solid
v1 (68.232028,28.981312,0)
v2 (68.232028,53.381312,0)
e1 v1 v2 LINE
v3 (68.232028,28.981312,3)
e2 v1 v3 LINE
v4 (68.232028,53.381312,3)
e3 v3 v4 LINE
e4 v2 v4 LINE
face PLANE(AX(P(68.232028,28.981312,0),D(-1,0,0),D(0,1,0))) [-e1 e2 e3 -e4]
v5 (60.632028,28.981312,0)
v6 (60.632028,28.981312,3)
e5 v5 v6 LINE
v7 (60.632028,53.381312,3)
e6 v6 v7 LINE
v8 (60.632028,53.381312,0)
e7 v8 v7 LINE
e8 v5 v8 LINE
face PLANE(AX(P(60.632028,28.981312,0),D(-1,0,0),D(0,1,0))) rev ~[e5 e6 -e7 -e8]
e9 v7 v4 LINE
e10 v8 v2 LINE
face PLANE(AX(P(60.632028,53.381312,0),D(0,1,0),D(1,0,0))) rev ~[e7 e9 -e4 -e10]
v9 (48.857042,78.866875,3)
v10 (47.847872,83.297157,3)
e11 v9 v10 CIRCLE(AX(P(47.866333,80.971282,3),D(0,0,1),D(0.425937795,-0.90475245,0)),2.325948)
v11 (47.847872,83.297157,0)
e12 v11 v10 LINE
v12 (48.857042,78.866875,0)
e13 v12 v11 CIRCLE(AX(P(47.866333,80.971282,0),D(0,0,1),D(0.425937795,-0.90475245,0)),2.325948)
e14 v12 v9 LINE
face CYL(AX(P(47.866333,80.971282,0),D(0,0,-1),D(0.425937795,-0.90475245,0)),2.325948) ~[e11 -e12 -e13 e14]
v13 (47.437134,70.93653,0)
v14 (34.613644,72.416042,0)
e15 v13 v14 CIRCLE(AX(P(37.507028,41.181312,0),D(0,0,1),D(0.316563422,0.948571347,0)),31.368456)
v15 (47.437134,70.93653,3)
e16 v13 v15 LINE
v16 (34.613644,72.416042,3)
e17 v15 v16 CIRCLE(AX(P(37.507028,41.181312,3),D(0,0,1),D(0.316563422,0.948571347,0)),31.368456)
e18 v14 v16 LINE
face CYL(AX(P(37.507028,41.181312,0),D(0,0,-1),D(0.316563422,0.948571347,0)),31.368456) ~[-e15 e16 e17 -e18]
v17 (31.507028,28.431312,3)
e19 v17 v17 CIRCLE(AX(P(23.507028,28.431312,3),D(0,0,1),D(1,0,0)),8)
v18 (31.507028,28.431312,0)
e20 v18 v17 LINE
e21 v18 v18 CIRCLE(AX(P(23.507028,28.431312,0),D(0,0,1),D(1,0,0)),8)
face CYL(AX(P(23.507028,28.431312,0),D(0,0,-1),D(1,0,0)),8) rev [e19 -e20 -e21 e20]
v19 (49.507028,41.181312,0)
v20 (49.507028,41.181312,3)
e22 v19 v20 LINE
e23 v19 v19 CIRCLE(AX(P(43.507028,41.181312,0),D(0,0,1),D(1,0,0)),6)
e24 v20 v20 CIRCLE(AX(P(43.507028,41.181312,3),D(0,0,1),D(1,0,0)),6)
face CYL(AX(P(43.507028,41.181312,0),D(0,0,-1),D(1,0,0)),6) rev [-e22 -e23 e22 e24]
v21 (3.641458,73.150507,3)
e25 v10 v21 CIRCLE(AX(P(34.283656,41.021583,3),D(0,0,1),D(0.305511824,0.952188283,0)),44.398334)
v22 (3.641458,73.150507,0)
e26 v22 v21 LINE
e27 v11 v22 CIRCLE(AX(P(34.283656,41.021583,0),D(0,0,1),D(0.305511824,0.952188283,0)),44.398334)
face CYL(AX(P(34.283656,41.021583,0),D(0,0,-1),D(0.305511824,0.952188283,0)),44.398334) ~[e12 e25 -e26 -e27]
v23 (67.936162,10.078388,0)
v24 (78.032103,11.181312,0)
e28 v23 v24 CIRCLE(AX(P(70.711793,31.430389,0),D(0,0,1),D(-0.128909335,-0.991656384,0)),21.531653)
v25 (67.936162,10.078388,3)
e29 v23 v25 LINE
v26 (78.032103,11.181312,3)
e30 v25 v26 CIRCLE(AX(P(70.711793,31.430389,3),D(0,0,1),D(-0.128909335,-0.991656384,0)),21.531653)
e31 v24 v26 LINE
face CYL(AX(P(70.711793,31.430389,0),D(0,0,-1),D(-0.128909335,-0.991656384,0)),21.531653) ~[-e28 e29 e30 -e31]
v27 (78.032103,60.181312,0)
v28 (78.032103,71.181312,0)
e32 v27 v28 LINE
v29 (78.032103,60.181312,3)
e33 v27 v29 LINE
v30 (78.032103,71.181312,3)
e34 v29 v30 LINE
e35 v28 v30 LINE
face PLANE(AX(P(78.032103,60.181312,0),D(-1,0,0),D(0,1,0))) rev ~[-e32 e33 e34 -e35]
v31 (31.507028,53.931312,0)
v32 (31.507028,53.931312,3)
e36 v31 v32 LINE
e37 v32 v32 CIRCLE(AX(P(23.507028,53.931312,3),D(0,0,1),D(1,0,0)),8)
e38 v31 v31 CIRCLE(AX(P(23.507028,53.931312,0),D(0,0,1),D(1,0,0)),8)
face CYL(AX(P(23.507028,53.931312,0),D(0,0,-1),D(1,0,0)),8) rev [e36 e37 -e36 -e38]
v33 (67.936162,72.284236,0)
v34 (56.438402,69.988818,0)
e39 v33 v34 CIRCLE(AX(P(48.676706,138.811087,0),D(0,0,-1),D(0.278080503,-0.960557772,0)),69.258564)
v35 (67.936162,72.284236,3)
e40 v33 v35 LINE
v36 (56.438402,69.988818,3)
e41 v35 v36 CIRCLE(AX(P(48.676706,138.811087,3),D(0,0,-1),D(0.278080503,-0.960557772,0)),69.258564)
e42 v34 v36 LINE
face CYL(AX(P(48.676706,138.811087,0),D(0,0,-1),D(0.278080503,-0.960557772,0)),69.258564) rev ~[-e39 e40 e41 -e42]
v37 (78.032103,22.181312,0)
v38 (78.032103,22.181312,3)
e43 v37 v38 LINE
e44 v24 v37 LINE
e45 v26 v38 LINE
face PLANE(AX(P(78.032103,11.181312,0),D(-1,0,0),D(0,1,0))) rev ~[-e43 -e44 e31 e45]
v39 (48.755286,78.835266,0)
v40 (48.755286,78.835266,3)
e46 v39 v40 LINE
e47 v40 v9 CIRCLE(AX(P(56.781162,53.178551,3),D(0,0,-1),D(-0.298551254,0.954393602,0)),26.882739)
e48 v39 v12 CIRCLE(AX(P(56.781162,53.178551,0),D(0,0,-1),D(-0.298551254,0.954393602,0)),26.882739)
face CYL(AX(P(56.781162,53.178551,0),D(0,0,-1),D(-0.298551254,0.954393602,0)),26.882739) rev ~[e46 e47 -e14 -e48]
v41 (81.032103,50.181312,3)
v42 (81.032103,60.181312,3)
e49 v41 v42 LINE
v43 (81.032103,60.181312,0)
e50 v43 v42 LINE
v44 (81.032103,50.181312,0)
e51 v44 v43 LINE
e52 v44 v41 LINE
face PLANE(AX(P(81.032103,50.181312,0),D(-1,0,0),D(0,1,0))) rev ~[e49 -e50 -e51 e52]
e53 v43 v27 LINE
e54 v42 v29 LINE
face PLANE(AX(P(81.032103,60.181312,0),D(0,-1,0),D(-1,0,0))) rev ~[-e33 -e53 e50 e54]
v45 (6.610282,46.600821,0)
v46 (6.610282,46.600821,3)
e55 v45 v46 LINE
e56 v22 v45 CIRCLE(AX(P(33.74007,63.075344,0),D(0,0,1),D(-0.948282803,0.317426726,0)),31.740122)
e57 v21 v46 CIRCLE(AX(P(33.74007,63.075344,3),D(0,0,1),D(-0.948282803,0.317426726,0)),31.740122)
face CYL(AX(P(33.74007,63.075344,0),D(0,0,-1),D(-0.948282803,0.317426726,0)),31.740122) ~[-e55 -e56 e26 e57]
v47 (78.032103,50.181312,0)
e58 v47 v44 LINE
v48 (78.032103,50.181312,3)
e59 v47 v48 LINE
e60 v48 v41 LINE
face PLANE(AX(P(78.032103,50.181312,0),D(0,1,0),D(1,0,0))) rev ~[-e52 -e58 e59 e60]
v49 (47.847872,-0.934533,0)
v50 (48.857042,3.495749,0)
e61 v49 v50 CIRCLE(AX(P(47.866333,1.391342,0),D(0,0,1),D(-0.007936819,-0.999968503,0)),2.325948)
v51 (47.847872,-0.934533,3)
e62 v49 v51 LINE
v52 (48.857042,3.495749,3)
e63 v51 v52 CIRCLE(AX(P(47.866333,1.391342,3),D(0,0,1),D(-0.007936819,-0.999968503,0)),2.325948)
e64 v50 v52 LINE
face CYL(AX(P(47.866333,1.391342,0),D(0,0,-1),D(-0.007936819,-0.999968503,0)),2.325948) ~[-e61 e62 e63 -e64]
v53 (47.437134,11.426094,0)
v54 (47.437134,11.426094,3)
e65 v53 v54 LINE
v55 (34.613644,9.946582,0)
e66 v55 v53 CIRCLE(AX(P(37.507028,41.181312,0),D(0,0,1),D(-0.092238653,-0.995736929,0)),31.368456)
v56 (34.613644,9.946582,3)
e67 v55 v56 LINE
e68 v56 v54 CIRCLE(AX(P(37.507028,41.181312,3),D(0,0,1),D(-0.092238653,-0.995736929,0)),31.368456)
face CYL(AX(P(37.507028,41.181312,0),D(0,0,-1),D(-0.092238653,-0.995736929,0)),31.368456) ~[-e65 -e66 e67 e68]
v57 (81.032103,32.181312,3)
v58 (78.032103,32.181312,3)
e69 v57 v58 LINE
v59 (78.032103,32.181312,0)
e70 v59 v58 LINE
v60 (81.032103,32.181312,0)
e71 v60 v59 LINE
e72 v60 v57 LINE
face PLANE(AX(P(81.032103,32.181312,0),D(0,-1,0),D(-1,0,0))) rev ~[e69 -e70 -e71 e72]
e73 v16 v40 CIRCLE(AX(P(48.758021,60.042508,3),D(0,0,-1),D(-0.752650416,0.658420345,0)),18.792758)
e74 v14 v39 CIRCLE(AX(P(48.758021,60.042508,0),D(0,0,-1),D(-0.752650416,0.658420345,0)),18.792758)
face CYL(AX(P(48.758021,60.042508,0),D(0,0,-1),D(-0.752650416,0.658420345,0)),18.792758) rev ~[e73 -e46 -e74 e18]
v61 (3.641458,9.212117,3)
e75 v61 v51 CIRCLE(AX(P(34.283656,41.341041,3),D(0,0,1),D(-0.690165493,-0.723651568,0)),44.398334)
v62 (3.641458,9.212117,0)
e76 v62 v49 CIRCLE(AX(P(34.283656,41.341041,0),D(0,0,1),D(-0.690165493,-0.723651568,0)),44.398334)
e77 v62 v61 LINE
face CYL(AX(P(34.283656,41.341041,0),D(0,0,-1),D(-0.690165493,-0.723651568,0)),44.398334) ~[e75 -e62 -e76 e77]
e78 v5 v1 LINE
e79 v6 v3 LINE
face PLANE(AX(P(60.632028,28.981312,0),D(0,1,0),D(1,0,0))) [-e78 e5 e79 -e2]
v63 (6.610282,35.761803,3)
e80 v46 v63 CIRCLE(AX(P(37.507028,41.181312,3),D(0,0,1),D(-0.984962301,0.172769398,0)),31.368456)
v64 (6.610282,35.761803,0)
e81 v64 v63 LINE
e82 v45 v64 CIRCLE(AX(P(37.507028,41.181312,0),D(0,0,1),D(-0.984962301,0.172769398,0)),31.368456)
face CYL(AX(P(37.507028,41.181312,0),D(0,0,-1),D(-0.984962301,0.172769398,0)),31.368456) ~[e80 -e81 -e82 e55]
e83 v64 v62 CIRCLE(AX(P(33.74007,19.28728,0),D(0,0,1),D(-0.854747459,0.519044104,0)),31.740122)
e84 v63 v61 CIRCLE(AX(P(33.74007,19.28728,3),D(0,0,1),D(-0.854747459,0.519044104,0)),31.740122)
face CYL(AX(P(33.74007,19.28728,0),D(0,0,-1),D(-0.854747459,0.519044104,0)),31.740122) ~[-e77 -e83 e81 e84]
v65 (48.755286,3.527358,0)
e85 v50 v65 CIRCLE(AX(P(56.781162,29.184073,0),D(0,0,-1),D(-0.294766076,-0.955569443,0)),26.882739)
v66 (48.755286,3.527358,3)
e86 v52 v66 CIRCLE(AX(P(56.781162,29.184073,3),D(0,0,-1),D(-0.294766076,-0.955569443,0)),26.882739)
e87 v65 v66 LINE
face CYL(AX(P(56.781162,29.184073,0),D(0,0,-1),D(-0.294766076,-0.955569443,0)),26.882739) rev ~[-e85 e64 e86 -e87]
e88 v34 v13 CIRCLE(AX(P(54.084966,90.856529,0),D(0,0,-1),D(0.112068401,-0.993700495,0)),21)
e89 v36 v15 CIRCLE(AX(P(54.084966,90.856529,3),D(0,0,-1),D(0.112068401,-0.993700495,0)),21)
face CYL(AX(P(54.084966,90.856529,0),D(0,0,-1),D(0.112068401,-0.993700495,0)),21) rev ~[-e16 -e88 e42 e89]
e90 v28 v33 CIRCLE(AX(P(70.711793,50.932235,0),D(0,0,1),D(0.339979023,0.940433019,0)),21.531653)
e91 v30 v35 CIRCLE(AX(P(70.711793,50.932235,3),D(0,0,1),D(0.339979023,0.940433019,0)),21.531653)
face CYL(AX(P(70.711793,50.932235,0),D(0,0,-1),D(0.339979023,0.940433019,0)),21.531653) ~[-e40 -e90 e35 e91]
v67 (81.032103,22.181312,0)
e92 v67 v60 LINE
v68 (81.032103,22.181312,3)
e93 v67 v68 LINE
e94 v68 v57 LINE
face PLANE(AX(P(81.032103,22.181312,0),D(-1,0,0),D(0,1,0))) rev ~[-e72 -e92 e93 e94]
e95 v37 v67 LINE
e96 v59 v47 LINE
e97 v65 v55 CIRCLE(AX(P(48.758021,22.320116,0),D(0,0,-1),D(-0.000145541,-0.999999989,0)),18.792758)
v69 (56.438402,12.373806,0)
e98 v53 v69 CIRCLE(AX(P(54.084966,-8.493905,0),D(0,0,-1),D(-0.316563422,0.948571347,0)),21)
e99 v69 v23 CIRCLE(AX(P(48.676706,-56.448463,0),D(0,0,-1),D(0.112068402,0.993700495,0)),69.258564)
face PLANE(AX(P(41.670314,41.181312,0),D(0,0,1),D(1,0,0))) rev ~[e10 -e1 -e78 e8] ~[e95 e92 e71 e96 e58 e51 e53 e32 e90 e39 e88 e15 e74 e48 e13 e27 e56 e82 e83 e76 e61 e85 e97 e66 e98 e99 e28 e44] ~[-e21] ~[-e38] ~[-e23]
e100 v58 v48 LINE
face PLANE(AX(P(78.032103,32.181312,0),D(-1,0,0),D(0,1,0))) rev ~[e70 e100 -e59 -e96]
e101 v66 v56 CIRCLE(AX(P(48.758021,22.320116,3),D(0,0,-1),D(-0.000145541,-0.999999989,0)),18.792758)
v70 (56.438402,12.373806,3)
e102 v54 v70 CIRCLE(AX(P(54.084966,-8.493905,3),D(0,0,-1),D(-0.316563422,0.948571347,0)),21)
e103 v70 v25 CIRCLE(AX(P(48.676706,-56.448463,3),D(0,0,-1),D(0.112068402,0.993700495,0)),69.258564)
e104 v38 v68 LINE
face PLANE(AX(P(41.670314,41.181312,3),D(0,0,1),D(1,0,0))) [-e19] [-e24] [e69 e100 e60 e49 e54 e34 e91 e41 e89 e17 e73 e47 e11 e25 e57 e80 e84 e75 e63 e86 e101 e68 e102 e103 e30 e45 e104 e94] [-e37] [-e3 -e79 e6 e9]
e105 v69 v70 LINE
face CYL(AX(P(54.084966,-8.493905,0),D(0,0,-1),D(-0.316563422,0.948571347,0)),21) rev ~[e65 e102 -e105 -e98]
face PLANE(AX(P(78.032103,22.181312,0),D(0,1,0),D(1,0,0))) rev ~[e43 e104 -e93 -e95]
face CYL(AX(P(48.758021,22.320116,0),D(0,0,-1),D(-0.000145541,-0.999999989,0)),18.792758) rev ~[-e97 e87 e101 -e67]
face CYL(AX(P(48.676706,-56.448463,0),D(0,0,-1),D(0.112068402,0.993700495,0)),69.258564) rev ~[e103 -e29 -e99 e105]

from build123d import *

# Parameters (mm, degrees)
SKETCH2_R           = 8
SKETCH2_R_2         = 6
SKETCH2_W           = 7.6
SKETCH2_H           = 24.4
BOSS_EXTRUDE1_DEPTH = 3


with BuildPart() as part:
    # Sketch2 → Boss-Extrude1 (new body)
    with BuildSketch(Plane.XY):
        with BuildLine():
            Line((81.032103119, 50.181312), (81.032103119, 60.181312))
            Line((81.032103119, 60.181312), (78.032103119, 60.181312))
            Line((78.032103119, 60.181312), (78.032103119, 71.181312))
            ThreePointArc((78.032103119, 71.181312), (73.050090858, 72.33654353), (67.936161846, 72.284235691))
            ThreePointArc((67.936161846, 72.284235691), (62.235942644, 70.892785416), (56.438402104, 69.988818319))
            ThreePointArc((56.438402104, 69.988818319), (51.886102873, 69.971964975), (47.437133801, 70.93653043))
            ThreePointArc((47.437133801, 70.93653043), (41.102316828, 72.343050119), (34.613643935, 72.416041905))
            ThreePointArc((34.613643935, 72.416041905), (40.990344282, 77.154811793), (48.755286163, 78.83526559))
            ThreePointArc((48.755286163, 78.83526559), (48.80614848, 78.851120911), (48.85704212, 78.866875402))
            ThreePointArc((48.85704212, 78.866875402), (50.134187725, 81.487874692), (47.847872498, 83.297156554))
            ThreePointArc((47.847872498, 83.297156554), (24.351235249, 84.294658733), (3.641458375, 73.150507154))
            ThreePointArc((3.641458375, 73.150507154), (2.19654611, 59.548103084), (6.61028157, 46.600821237))
            ThreePointArc((6.61028157, 46.600821237), (6.138572184, 41.181312), (6.61028157, 35.761802763))
            ThreePointArc((6.61028157, 35.761802763), (2.19654611, 22.814520916), (3.641458375, 9.212116846))
            ThreePointArc((3.641458375, 9.212116846), (24.351235249, -1.932034733), (47.847872498, -0.934532554))
            ThreePointArc((47.847872498, -0.934532554), (50.134187725, 0.874749308), (48.85704212, 3.495748598))
            ThreePointArc((48.85704212, 3.495748598), (48.80614848, 3.511503089), (48.755286163, 3.52735841))
            ThreePointArc((48.755286163, 3.52735841), (40.990344282, 5.207812207), (34.613643935, 9.946582095))
            ThreePointArc((34.613643935, 9.946582095), (41.102316828, 10.019573881), (47.437133801, 11.42609357))
            ThreePointArc((47.437133801, 11.42609357), (51.886102873, 12.390659025), (56.438402104, 12.373805681))
            ThreePointArc((56.438402104, 12.373805681), (62.235942644, 11.469838584), (67.936161846, 10.078388309))
            ThreePointArc((67.936161846, 10.078388309), (73.050090858, 10.02608047), (78.032103119, 11.181312))
            Line((78.032103119, 11.181312), (78.032103119, 22.181312))
            Line((78.032103119, 22.181312), (81.032103119, 22.181312))
            Line((81.032103119, 22.181312), (81.032103119, 32.181312))
            Line((81.032103119, 32.181312), (78.032103119, 32.181312))
            Line((78.032103119, 32.181312), (78.032103119, 50.181312))
            Line((78.032103119, 50.181312), (81.032103119, 50.181312))
        make_face()
        with Locations((23.507028058, 53.931312)):
            Circle(SKETCH2_R, mode=Mode.SUBTRACT)
        with Locations((43.507028058, 41.181312)):
            Circle(SKETCH2_R_2, mode=Mode.SUBTRACT)
        with Locations((23.507028058, 28.431312)):
            Circle(SKETCH2_R, mode=Mode.SUBTRACT)
        with Locations((64.432028058, 41.181312)):
            Rectangle(SKETCH2_W, SKETCH2_H, mode=Mode.SUBTRACT)
    extrude(amount=BOSS_EXTRUDE1_DEPTH)


solid = part.part
